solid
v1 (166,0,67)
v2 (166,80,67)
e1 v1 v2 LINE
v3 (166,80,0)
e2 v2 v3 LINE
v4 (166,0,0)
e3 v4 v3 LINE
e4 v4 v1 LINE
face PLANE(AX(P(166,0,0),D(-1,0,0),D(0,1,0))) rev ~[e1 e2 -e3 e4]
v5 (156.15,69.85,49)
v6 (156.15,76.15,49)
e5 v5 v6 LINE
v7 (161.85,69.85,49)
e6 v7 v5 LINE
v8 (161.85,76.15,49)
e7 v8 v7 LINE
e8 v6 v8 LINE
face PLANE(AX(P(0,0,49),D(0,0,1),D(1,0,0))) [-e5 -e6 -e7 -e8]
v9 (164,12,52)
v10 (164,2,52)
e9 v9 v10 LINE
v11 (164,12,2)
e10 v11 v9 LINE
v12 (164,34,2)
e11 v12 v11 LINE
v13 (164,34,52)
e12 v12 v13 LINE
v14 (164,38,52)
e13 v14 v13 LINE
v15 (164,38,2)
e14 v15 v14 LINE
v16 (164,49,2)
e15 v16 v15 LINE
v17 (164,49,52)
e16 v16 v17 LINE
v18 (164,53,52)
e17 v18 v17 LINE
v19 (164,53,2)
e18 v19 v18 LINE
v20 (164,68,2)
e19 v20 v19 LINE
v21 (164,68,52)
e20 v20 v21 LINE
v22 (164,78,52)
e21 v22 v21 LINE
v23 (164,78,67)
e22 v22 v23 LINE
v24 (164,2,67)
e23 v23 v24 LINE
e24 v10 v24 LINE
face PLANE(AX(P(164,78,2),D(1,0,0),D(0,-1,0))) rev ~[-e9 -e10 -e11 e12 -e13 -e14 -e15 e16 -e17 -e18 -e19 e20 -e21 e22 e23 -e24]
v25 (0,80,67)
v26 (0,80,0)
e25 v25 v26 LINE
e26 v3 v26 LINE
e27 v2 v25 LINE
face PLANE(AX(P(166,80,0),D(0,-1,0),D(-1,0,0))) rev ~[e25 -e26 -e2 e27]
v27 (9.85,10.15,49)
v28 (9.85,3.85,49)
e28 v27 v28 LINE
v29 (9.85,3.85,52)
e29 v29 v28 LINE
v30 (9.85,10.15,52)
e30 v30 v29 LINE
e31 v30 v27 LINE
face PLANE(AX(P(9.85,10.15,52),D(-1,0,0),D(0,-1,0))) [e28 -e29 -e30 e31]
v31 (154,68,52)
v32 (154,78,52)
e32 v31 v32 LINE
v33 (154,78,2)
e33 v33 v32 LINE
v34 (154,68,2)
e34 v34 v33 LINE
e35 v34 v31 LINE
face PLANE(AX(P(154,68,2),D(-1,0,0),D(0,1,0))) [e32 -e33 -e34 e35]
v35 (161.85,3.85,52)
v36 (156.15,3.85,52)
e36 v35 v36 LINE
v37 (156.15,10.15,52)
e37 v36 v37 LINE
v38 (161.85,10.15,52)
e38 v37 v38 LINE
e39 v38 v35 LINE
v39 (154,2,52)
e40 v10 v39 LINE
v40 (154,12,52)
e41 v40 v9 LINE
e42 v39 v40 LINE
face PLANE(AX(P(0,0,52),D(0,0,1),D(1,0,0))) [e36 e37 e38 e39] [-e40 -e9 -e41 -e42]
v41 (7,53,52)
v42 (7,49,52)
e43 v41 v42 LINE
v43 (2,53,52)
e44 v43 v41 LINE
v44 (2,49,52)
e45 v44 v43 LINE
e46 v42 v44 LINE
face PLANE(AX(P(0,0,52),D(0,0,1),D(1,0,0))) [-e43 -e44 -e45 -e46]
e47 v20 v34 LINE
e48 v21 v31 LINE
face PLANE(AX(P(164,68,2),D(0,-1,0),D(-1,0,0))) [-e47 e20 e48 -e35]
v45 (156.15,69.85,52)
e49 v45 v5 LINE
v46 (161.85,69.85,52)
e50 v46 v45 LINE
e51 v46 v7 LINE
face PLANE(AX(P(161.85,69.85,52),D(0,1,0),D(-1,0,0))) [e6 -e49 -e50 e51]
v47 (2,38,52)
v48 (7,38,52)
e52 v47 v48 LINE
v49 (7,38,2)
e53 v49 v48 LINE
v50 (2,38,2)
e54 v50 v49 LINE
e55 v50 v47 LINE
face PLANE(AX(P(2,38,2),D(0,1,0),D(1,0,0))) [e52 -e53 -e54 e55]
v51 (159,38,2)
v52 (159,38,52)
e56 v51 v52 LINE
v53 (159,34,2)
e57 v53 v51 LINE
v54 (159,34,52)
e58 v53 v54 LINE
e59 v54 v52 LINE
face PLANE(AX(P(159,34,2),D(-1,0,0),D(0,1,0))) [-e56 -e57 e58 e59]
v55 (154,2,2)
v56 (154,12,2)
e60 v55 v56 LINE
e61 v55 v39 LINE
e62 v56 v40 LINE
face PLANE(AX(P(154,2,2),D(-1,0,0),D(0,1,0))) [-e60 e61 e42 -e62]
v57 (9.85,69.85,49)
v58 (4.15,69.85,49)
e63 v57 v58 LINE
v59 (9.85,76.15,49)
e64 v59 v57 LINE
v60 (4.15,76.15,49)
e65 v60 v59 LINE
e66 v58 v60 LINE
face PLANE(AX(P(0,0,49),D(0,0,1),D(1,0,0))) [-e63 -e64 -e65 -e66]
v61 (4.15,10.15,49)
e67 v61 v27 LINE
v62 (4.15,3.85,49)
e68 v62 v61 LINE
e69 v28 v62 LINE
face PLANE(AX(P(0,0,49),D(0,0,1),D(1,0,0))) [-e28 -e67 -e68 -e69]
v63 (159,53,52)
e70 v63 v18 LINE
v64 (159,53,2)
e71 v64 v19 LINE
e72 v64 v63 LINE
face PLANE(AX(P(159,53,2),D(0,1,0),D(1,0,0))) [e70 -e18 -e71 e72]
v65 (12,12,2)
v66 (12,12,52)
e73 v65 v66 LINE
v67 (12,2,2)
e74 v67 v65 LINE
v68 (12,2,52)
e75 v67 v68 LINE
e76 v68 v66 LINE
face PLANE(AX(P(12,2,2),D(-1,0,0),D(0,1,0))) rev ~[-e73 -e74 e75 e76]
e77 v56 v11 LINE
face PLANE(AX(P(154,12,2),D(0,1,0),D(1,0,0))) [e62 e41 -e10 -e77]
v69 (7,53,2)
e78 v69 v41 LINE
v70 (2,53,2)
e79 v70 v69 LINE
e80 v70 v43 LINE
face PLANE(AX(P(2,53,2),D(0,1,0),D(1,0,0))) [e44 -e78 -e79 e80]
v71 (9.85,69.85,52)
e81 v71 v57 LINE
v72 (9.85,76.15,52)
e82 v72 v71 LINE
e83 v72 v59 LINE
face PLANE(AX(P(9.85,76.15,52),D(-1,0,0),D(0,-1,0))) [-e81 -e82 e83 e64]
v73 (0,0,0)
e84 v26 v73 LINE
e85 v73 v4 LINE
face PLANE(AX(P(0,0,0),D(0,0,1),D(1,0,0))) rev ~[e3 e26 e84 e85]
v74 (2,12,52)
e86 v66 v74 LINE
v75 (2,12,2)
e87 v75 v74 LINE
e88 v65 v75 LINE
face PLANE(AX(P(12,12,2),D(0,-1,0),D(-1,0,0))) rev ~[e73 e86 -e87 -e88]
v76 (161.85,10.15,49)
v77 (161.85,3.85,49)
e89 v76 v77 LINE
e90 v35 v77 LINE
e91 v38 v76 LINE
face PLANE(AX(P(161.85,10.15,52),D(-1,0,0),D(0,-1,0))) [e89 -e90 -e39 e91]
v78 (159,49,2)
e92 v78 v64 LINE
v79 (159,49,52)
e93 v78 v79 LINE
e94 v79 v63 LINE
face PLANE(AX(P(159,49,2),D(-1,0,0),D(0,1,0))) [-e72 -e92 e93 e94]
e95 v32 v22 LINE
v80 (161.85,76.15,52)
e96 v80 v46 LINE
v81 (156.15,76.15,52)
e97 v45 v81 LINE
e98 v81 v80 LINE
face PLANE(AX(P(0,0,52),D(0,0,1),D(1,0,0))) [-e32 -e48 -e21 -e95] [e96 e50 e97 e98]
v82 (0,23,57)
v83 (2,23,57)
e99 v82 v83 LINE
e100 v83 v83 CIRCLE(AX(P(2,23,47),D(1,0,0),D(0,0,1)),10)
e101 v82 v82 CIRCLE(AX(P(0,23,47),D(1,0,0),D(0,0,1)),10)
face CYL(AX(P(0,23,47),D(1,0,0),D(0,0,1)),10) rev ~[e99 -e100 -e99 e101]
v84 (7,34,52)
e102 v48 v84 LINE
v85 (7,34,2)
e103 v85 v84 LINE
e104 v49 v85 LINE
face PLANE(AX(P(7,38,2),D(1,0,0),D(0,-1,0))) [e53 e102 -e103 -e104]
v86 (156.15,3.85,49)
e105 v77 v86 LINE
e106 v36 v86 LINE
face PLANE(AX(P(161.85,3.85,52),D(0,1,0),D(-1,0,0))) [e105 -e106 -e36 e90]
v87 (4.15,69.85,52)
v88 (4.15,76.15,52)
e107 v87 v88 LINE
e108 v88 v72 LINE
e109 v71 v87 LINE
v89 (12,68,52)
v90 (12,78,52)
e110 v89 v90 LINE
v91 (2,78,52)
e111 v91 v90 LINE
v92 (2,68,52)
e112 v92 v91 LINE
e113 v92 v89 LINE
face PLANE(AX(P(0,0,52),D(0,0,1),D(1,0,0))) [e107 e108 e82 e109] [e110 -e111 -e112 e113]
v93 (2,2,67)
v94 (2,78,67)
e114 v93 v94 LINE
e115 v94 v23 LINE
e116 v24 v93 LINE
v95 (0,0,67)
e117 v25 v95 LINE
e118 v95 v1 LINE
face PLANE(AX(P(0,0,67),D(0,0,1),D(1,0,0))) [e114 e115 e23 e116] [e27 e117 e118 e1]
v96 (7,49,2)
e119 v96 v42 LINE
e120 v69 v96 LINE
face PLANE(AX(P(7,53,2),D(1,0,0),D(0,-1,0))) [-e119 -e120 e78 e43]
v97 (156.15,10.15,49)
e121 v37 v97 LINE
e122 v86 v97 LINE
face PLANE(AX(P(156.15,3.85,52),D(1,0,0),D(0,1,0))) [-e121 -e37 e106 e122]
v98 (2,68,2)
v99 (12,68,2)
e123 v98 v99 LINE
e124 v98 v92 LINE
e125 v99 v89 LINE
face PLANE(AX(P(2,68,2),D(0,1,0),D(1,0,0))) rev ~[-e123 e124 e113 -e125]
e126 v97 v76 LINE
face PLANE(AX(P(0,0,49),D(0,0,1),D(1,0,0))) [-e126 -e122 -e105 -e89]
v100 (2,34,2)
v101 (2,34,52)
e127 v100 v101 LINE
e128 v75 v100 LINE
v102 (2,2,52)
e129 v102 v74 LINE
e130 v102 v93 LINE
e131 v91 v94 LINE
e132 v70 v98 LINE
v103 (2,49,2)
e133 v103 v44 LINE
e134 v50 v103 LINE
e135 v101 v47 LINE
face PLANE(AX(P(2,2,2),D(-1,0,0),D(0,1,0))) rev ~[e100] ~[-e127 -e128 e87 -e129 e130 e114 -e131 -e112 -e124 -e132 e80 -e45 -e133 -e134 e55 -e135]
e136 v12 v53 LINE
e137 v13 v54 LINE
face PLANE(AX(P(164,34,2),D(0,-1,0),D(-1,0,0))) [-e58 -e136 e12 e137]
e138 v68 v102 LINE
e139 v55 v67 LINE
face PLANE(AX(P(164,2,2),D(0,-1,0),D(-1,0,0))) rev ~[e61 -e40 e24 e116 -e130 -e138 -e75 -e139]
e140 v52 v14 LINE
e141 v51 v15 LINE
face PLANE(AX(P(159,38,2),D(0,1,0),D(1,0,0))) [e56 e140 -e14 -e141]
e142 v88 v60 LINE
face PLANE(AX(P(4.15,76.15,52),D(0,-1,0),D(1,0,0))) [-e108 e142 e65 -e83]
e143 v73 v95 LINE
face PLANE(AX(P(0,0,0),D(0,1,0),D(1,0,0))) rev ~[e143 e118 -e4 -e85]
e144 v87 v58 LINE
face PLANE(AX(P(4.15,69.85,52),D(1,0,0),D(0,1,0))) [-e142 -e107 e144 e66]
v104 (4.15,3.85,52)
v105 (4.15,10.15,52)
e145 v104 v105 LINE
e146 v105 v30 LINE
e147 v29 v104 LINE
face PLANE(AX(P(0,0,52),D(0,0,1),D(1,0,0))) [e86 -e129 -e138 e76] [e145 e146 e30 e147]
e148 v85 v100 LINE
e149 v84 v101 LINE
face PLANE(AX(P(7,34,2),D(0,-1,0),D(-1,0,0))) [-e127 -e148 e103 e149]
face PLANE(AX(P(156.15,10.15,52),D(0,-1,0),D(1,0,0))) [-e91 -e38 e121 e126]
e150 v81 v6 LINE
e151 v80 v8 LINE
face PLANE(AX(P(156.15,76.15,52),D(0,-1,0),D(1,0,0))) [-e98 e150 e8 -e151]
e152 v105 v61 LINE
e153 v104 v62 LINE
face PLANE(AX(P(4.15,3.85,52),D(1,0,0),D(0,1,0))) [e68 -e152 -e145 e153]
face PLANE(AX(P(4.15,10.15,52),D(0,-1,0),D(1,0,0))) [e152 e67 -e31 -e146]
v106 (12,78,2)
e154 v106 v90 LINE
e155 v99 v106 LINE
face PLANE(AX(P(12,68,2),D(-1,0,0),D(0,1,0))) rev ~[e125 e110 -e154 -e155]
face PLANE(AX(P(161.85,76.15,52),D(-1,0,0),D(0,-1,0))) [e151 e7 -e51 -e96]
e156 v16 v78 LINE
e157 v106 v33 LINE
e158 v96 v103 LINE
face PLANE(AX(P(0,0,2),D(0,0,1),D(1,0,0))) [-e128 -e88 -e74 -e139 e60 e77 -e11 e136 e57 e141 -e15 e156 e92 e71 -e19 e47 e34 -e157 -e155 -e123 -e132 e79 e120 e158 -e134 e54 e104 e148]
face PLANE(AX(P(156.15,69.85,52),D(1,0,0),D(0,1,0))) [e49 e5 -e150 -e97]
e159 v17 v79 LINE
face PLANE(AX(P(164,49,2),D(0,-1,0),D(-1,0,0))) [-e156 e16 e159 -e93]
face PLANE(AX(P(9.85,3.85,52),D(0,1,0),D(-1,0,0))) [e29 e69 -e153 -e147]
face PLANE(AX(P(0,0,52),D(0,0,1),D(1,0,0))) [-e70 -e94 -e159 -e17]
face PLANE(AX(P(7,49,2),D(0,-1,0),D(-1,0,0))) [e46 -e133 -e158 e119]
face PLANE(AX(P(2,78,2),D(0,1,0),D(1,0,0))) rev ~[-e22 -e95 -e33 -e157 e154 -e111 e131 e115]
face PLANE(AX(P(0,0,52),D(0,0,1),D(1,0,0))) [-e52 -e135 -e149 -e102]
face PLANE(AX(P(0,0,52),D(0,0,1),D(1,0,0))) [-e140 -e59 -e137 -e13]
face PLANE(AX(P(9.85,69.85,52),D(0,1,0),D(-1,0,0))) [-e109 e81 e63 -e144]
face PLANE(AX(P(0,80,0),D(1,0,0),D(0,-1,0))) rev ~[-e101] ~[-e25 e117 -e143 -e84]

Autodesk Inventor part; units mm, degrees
ref_plane "YZ Plane" through (0, 0, 0) normal (1, 0, 0) x (0, 1, 0)
ref_plane "XZ Plane" through (0, 0, 0) normal (0, 1, 0) x (-1, 0, 0)
ref_plane "XY Plane" through (0, 0, 0) normal (0, 0, 1) x (1, 0, 0)
sketch "Skizze1" plane through (0, 0, 0) normal (0, 0, 1) x (1, 0, 0)
  line L0 (0, 0) -> (166, 0)
  line L1 (166, 0) -> (166, 80)
  line L2 (166, 80) -> (0, 80)
  line L3 (0, 80) -> (0, 0)
  dimension "d0" = 80
  dimension "d1" = 166
extrude "Extrusion1" add sketch "Skizze1" along normal blind 2
sketch "Skizze2" plane through (0, 0, 2) normal (0, 0, 1) x (1, 0, 0)
  line L0 (0, 80) -> (0, 0) projected
  line L1 (166, 0) -> (166, 80) projected
  line L2 (0, 0) -> (166, 0)
  line L3 (166, 0) -> (166, 80)
  line L4 (166, 80) -> (0, 80)
  line L5 (0, 80) -> (0, 0)
  line L6 (2, 78) -> (164, 78)
  line L7 (164, 78) -> (164, 2)
  line L8 (164, 2) -> (2, 2)
  line L9 (2, 2) -> (2, 78)
  dimension "d4" = 2
  dimension "d6" = 2
  dimension "d7" = 2
  dimension "d8" = 2
extrude "Extrusion2" add sketch "Skizze2" along normal blind 65
sketch "Skizze4" plane through (0, 0, 2) normal (0, 0, 1) x (1, 0, 0)
  line L0 (2, 2) -> (2, 78) projected
  line L1 (164, 2) -> (2, 2) projected
  line L2 (2, 78) -> (164, 78)
  line L3 (164, 78) -> (164, 2)
  line L4 (164, 2) -> (2, 2)
  line L5 (2, 2) -> (2, 78)
  line L6 (2, 68) -> (12, 68)
  line L7 (12, 68) -> (12, 78)
  line L8 (12, 78) -> (2, 78)
  line L9 (2, 78) -> (2, 68)
  line L10 (2, 2) -> (12, 2)
  line L11 (12, 2) -> (12, 12)
  line L12 (12, 12) -> (2, 12)
  line L13 (2, 12) -> (2, 2)
  line L14 (164, 78) -> (164, 2) projected
  line L15 (2, 78) -> (164, 78) projected
  line L16 (164, 68) -> (154, 68)
  line L17 (154, 68) -> (154, 78)
  line L18 (154, 78) -> (164, 78)
  line L19 (164, 78) -> (164, 68)
  line L20 (164, 2) -> (154, 2)
  line L21 (154, 2) -> (154, 12)
  line L22 (154, 12) -> (164, 12)
  line L23 (164, 12) -> (164, 2)
  point P0 (0, 0)
  point P1 (164, 12)
  point P2 (12, 2)
  point P3 (2, 68)
  dimension "d20" = 10
  dimension "d21" = 10
  dimension "d22" = 10
  dimension "d23" = 10
  dimension "d41" = 10
  dimension "d55" = 10
extrude "Extrusion3" add sketch "Skizze4" along normal blind 50 contours L0 L12 L11 L1 | L0 L2 L7 L6 | L21 L22 L3 L1 | L2 L3 L16 L17
sketch "Skizze5" plane through (0, 0, 2) normal (0, 0, 1) x (1, 0, 0)
  line L0 (2, 78) -> (164, 78) projected
  line L1 (2, 2) -> (2, 78) projected
  line L2 (2, 53) -> (7, 53)
  line L3 (7, 53) -> (7, 49)
  line L4 (7, 49) -> (2, 49)
  line L5 (2, 49) -> (2, 53)
  line L6 (2, 38) -> (7, 38)
  line L7 (7, 38) -> (7, 34)
  line L8 (7, 34) -> (2, 34)
  line L9 (2, 34) -> (2, 38)
  line L10 (164, 49) -> (159, 49)
  line L11 (159, 49) -> (159, 53)
  line L12 (159, 53) -> (164, 53)
  line L13 (164, 53) -> (164, 49)
  line L14 (164, 78) -> (164, 2) projected
  line L15 (164, 34) -> (159, 34)
  line L16 (159, 34) -> (159, 38)
  line L17 (159, 38) -> (164, 38)
  line L18 (164, 38) -> (164, 34)
  point P0 (0, 0)
  point P1 (2, 34)
  point P2 (2, 49)
  dimension "d30" = 11
  dimension "d31" = 4
  dimension "d32" = 4
  dimension "d33" = 5
  dimension "d34" = 25
  dimension "d37" = 5
  dimension "d38" = 0
  dimension "d58" = 25
  dimension "d59" = 4
  dimension "d60" = 11
extrude "Extrusion4" add sketch "Skizze5" along normal blind 50
sketch "Skizze3" plane through (0, 0, 0) normal (-1, 0, 0) x (0, 0, 1)
  line L0 (0, 80) -> (67, 80) projected
  line L1 (52, 12) -> (2, 12) projected
  line L2 (2, 34) -> (52, 34) projected
  line L3 (2, 34) -> (2, 12) projected
  point P0 (0, 0)
  point P1 (47, 23)
  point P2 (67, 12)
  point P3 (67, 34)
  dimension "d52" = 11
  dimension "d53" = 11
  dimension "d54" = 45
hole "Bohrung1" at (0, 23, 47) direction (1, 0, 0) diameter 20 depth 8 tip angle 118
sketch "Skizze6" plane through (0, 0, 52) normal (0, 0, 1) x (1, 0, 0)
  line L0 (4.15, 76.15) -> (9.85, 76.15)
  line L1 (9.85, 76.15) -> (9.85, 69.85)
  line L2 (9.85, 69.85) -> (4.15, 69.85)
  line L3 (4.15, 69.85) -> (4.15, 76.15)
  line L4 (2, 2) -> (2, 78) projected
  line L5 (2, 68) -> (12, 68) projected
  line L6 (4.15, 10.15) -> (9.85, 10.15)
  line L7 (9.85, 10.15) -> (9.85, 3.85)
  line L8 (9.85, 3.85) -> (4.15, 3.85)
  line L9 (4.15, 3.85) -> (4.15, 10.15)
  line L10 (12, 12) -> (2, 12) projected
  line L11 (156.15, 76.15) -> (161.85, 76.15)
  line L12 (161.85, 76.15) -> (161.85, 69.85)
  line L13 (161.85, 69.85) -> (156.15, 69.85)
  line L14 (156.15, 69.85) -> (156.15, 76.15)
  line L15 (154, 78) -> (154, 68) projected
  line L16 (156.15, 10.15) -> (161.85, 10.15)
  line L17 (161.85, 10.15) -> (161.85, 3.85)
  line L18 (161.85, 3.85) -> (156.15, 3.85)
  line L19 (156.15, 3.85) -> (156.15, 10.15)
  line L20 (2, 78) -> (164, 78) projected
  point P0 (0, 0)
  dimension "d42" = 5.7
  dimension "d43" = 6.3
  dimension "d44" = 2.15
  dimension "d45" = 1.85
  dimension "d46" = 6.3
  dimension "d47" = 1.85
  dimension "d48" = 5.7
  dimension "d49" = 2.15
  dimension "d56" = 1.85
  dimension "d57" = 6.3
extrude "Extrusion5" cut sketch "Skizze6" against normal blind 3
properties part number "TimBoden"
